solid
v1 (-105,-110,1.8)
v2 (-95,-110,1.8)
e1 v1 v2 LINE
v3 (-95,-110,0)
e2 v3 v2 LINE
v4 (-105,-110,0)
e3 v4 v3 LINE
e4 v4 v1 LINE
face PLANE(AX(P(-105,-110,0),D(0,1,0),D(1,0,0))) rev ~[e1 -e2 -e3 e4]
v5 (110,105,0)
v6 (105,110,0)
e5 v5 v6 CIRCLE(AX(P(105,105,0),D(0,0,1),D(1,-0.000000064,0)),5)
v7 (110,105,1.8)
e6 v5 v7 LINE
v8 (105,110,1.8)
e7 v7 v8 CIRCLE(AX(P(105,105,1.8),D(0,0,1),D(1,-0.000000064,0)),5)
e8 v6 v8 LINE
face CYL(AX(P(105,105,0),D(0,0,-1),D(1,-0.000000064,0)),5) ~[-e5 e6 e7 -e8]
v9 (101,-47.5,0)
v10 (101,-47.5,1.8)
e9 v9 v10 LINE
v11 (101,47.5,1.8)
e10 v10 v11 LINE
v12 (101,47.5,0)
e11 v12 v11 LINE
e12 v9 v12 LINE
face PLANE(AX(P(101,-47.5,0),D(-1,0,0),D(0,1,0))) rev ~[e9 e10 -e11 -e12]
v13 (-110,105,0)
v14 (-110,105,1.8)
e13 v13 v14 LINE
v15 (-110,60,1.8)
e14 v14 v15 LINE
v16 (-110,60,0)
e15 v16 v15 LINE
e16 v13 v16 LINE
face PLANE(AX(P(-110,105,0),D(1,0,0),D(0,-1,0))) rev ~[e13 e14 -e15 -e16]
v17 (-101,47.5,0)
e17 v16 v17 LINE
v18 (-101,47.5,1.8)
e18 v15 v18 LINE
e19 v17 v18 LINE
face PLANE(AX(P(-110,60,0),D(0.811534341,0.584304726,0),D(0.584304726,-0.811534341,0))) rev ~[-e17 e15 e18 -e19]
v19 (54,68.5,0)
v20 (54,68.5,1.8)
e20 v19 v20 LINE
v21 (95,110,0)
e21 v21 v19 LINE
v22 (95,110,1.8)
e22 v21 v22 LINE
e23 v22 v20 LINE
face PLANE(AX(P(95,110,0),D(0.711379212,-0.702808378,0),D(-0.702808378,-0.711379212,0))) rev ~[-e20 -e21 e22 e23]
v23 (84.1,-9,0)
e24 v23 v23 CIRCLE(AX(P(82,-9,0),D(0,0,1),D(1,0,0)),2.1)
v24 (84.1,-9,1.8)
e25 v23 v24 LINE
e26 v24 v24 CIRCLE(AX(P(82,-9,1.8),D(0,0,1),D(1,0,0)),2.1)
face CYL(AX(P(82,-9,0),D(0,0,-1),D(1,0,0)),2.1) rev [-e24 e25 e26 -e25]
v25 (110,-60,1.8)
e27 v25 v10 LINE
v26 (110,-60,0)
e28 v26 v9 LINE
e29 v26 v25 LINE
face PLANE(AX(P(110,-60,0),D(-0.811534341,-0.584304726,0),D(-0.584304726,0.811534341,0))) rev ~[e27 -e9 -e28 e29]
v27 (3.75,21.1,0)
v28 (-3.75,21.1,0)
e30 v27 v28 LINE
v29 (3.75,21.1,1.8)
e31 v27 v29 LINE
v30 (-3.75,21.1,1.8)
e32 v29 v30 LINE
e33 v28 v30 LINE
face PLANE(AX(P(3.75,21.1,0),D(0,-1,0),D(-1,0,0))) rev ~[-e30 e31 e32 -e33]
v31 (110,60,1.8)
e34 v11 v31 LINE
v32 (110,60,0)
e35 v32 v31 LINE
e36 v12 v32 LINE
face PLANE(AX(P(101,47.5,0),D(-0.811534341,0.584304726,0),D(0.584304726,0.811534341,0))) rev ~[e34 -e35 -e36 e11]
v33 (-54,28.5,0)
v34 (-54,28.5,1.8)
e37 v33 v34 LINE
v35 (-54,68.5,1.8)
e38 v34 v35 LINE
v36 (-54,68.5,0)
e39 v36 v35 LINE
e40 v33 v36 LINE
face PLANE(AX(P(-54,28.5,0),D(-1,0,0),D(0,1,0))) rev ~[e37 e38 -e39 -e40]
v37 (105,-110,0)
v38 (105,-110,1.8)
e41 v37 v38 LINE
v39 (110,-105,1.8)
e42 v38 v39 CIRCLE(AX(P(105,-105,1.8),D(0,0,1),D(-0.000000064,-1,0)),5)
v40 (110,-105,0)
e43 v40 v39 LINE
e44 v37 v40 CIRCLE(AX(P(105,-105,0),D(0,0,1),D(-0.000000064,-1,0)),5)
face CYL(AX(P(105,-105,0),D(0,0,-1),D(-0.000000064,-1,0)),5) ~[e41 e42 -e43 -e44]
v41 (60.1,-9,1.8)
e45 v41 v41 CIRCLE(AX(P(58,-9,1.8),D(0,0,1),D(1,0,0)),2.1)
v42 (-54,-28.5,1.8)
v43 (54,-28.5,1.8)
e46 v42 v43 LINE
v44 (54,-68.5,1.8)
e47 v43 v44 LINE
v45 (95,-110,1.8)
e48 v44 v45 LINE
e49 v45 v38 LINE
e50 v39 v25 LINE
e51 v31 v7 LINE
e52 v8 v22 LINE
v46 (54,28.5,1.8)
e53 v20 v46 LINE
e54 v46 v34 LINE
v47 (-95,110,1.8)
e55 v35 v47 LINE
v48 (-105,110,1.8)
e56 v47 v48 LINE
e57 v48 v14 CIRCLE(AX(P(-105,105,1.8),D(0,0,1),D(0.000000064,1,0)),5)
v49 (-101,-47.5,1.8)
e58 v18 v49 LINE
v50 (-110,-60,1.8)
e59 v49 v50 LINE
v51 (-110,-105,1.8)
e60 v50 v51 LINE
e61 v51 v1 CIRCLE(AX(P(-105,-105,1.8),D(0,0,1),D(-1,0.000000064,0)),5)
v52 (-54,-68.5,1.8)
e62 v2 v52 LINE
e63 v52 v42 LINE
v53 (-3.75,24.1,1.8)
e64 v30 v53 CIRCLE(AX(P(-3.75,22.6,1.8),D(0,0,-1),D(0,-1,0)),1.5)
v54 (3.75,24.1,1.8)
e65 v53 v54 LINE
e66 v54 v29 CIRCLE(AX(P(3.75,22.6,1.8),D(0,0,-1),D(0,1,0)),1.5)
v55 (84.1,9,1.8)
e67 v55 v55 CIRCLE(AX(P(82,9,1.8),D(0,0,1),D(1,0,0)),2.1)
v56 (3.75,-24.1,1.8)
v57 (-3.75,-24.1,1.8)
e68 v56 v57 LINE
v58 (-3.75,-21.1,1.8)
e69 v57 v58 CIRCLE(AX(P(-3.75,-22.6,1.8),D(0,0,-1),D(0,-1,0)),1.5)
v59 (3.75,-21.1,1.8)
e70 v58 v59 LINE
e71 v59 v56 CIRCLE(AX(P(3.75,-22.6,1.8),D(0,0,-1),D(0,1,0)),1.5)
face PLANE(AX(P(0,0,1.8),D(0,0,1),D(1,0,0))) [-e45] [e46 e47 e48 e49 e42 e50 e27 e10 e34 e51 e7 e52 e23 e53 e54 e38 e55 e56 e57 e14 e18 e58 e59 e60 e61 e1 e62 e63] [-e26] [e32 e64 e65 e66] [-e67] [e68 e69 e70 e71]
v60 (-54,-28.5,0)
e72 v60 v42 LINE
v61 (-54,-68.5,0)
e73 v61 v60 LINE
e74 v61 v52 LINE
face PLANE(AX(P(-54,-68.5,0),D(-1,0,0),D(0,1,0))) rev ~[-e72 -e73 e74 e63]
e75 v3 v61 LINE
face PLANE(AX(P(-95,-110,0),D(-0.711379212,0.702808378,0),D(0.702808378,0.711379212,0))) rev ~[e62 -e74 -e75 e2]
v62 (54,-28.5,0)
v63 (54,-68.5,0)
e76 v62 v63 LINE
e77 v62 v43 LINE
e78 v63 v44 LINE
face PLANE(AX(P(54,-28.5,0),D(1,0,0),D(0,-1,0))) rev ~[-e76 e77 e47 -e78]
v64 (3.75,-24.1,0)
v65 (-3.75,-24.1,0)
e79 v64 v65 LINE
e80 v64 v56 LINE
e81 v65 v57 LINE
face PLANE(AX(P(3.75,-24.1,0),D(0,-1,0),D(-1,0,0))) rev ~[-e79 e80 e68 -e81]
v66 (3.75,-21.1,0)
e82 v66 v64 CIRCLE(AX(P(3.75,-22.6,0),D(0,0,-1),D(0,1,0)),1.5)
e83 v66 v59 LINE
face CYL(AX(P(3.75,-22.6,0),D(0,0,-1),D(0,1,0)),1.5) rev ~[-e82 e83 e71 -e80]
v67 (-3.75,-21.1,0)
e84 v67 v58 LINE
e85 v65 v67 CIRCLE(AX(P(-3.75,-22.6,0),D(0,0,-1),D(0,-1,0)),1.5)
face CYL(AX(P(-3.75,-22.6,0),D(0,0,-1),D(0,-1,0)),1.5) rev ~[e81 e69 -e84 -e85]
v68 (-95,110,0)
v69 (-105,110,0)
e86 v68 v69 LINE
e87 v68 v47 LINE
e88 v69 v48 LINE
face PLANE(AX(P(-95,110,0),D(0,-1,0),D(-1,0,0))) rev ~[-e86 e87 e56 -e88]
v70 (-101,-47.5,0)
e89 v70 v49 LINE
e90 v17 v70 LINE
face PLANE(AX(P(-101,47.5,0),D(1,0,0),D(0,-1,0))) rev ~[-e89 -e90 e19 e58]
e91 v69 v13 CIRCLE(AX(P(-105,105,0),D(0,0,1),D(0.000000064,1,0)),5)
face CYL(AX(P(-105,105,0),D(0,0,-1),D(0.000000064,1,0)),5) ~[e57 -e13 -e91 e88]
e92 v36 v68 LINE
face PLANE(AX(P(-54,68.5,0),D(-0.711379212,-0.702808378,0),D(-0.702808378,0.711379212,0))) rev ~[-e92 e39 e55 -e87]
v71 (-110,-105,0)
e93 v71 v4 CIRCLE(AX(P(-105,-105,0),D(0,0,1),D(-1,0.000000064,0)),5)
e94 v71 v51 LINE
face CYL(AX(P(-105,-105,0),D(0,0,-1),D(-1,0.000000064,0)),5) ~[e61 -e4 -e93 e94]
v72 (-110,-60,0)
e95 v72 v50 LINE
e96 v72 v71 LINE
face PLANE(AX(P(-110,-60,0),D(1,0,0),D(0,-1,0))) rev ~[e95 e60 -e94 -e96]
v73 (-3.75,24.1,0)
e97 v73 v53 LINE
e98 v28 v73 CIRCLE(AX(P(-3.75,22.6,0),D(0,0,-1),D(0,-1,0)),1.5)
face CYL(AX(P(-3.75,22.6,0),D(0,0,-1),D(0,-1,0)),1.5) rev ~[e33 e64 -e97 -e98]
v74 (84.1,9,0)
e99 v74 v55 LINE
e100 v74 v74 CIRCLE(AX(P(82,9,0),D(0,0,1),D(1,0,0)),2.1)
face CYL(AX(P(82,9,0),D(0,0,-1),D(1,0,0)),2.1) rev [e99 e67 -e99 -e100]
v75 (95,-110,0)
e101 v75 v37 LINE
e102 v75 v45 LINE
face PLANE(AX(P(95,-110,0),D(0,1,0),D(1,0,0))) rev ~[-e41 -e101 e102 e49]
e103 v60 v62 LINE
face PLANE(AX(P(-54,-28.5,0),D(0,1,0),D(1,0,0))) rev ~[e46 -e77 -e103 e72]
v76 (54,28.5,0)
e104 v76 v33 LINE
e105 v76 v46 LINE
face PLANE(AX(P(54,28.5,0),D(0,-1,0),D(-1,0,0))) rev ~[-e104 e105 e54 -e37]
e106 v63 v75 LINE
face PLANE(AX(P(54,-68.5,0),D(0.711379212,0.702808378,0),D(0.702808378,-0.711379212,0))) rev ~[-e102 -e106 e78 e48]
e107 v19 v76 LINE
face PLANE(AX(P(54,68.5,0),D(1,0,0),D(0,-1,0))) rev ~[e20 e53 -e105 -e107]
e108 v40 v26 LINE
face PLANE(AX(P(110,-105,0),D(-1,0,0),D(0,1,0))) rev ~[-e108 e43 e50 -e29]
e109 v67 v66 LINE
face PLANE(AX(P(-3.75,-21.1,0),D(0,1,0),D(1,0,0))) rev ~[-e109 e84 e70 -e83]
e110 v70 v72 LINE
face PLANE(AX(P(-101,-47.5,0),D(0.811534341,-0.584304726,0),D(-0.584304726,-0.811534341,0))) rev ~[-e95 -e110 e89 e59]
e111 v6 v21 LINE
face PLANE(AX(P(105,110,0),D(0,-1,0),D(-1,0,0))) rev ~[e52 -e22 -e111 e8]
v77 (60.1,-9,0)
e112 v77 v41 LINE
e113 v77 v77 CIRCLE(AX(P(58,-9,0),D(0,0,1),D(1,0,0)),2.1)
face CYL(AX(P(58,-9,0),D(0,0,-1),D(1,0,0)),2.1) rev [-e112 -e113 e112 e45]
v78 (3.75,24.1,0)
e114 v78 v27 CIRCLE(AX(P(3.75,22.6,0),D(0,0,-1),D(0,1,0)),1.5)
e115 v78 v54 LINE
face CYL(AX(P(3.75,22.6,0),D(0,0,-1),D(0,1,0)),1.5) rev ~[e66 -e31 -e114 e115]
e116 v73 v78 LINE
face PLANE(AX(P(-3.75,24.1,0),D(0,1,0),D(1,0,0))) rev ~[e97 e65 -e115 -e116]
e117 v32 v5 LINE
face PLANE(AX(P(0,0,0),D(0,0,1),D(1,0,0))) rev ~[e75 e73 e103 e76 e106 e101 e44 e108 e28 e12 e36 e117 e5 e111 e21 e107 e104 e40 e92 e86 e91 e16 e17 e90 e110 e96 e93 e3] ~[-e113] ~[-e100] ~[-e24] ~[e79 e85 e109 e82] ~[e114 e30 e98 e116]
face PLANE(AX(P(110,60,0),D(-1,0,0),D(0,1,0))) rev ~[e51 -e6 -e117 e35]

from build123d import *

# Parameters (mm, degrees)
F0_R     = 2.1
F1_DEPTH = 1.8


with BuildPart() as f1:
    # F0 (on Top) → F1 (new body)
    with BuildSketch(Plane.XY):
        with BuildLine():
            Line((54, 68.5), (54, 28.5))
            Line((54, 28.5), (-54, 28.5))
            Line((-54, 28.5), (-54, 68.5))
            Line((-54, 68.5), (-95, 110))
            Line((-95, 110), (-105, 110))
            ThreePointArc((-105, 110), (-108.535534, 108.535534), (-110, 105))
            Line((-110, 105), (-110, 60))
            Line((-110, 60), (-101, 47.5))
            Line((-101, 47.5), (-101, -47.5))
            Line((-101, -47.5), (-110, -60))
            Line((-110, -60), (-110, -105))
            ThreePointArc((-110, -105), (-108.535534, -108.535534), (-105, -110))
            Line((-105, -110), (-95, -110))
            Line((-95, -110), (-54, -68.5))
            Line((-54, -68.5), (-54, -28.5))
            Line((-54, -28.5), (54, -28.5))
            Line((54, -28.5), (54, -68.5))
            Line((54, -68.5), (95, -110))
            Line((95, -110), (105, -110))
            ThreePointArc((105, -110), (108.535534, -108.535534), (110, -105))
            Line((110, -105), (110, -60))
            Line((110, -60), (101, -47.5))
            Line((101, -47.5), (101, 47.5))
            Line((101, 47.5), (110, 60))
            Line((110, 60), (110, 105))
            ThreePointArc((110, 105), (108.535534, 108.535534), (105, 110))
            Line((105, 110), (95, 110))
            Line((95, 110), (54, 68.5))
        make_face()
        with BuildLine():
            Line((-3.75, -21.1), (3.75, -21.1))
            ThreePointArc((3.75, -21.1), (5.25, -22.6), (3.75, -24.1))
            Line((3.75, -24.1), (-3.75, -24.1))
            ThreePointArc((-3.75, -24.1), (-5.25, -22.6), (-3.75, -21.1))
        make_face(mode=Mode.SUBTRACT)
        with Locations((58, -9)):
            Circle(F0_R, mode=Mode.SUBTRACT)
        with Locations((82, -9)):
            Circle(F0_R, mode=Mode.SUBTRACT)
        with BuildLine():
            Line((-3.75, 24.1), (3.75, 24.1))
            ThreePointArc((3.75, 24.1), (5.25, 22.6), (3.75, 21.1))
            Line((3.75, 21.1), (-3.75, 21.1))
            ThreePointArc((-3.75, 21.1), (-5.25, 22.6), (-3.75, 24.1))
        make_face(mode=Mode.SUBTRACT)
        with Locations((82, 9)):
            Circle(F0_R, mode=Mode.SUBTRACT)
    extrude(amount=F1_DEPTH)


solid = f1.part
